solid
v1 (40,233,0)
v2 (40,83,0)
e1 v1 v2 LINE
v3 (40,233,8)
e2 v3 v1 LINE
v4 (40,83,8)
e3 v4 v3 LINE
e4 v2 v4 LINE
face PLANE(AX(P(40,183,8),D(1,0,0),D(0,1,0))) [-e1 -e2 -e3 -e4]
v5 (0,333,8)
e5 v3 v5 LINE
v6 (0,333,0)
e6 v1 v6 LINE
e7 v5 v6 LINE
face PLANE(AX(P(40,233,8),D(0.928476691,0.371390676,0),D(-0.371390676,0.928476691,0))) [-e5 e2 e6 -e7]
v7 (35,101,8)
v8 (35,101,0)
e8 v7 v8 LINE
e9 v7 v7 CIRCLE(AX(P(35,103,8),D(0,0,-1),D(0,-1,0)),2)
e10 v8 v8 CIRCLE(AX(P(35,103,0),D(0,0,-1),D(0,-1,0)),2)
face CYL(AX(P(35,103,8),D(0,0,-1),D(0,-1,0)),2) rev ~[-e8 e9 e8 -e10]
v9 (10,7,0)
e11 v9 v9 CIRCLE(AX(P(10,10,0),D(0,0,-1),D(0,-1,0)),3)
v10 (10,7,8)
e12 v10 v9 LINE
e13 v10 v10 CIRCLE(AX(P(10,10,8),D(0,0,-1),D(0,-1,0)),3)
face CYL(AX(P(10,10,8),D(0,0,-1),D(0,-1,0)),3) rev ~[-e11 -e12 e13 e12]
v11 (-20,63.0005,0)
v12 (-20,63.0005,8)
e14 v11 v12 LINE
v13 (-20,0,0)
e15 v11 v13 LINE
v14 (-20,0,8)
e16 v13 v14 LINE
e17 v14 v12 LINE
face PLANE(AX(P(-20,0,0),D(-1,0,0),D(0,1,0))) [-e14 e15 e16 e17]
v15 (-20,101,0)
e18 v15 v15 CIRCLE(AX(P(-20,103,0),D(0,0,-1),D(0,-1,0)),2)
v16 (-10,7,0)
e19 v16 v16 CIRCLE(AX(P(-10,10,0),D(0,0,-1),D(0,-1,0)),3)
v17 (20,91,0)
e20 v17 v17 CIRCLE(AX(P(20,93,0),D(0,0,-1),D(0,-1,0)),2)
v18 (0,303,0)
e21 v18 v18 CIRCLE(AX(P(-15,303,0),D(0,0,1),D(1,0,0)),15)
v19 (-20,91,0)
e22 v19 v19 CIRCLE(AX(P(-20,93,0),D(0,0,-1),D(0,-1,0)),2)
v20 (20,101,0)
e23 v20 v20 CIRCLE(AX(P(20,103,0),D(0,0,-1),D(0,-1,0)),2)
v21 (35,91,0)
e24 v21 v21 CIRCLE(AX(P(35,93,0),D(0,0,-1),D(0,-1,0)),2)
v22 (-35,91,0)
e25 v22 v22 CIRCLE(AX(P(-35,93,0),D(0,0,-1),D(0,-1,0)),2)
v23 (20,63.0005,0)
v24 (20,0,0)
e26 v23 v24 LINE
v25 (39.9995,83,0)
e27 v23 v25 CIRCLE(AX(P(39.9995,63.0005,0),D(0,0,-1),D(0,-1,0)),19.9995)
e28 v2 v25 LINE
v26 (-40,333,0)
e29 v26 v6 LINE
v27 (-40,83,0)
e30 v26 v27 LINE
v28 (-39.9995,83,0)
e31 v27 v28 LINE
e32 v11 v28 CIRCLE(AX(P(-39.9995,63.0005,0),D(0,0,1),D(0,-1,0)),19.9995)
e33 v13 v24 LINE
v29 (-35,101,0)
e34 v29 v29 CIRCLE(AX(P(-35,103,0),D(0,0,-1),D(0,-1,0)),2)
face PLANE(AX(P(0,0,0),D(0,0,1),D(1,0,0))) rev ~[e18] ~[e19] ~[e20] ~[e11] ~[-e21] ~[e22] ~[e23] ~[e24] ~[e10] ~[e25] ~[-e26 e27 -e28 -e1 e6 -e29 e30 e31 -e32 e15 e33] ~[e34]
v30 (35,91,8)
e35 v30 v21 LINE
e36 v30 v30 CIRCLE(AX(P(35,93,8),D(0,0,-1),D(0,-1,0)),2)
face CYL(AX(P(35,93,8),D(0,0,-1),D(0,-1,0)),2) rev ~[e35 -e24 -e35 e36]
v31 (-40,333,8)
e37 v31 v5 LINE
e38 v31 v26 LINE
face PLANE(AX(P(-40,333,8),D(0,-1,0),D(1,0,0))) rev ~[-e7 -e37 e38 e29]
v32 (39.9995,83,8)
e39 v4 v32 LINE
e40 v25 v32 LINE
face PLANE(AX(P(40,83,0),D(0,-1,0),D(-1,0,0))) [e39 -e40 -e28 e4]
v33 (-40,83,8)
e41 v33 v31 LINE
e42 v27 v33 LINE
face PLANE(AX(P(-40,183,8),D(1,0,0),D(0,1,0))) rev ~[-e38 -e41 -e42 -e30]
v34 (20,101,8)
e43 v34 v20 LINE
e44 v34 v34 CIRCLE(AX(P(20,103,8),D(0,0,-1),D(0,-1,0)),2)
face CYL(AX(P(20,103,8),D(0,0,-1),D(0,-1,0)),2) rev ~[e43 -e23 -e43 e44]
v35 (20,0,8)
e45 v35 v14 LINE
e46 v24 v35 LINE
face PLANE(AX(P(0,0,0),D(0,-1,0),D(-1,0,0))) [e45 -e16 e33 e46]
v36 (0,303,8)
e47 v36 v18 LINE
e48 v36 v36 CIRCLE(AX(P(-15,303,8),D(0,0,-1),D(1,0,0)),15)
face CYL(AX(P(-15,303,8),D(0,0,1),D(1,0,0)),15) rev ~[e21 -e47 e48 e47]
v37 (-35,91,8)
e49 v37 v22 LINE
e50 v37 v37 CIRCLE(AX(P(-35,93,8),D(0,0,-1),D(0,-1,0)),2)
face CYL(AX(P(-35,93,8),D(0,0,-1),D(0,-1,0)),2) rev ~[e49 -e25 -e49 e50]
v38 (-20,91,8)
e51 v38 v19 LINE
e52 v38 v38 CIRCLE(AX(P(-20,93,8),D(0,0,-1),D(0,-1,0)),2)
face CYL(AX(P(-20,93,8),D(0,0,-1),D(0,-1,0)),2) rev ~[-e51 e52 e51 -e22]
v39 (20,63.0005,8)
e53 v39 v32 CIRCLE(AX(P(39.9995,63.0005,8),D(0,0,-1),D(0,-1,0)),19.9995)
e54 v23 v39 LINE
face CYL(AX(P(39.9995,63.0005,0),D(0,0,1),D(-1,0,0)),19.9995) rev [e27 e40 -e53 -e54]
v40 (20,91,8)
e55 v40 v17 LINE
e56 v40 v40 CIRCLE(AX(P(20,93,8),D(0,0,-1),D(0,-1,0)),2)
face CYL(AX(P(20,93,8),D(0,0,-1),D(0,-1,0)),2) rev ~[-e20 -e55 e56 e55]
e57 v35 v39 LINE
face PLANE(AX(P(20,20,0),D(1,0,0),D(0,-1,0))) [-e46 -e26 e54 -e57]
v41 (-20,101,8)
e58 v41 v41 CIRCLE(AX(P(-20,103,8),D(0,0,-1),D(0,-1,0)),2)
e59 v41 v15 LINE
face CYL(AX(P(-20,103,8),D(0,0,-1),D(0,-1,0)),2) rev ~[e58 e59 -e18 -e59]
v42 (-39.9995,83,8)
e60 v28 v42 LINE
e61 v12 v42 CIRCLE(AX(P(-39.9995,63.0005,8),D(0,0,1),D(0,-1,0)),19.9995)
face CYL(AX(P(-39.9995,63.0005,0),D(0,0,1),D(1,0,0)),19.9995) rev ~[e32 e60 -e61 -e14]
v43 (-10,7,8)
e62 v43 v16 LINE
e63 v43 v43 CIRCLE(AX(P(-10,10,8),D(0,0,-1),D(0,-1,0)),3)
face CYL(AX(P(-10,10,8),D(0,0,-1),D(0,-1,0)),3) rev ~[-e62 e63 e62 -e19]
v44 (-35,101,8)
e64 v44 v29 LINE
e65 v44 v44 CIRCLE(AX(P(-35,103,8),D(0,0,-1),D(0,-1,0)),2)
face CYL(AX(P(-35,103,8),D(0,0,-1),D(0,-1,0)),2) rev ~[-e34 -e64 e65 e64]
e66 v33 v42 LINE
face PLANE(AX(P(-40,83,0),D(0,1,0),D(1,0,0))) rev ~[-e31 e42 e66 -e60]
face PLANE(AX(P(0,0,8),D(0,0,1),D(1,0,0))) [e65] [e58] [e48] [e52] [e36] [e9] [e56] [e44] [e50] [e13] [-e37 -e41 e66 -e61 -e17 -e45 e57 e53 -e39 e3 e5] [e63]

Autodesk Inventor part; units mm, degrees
ref_plane "YZ Plane" through (0, 0, 0) normal (1, 0, 0) x (0, 1, 0)
ref_plane "XZ Plane" through (0, 0, 0) normal (0, 1, 0) x (-1, 0, 0)
ref_plane "XY Plane" through (0, 0, 0) normal (0, 0, 1) x (1, 0, 0)
sketch "Szkic1" plane through (0, 0, 0) normal (0, 0, 1) x (1, 0, 0)
  line L0 (0, 0) -> (20, 0)
  line L1 (0, 0) -> (-20, 0)
  line L2 (-20, 0) -> (-20, 20)
  line L3 (-20, 0) -> (0, 0) construction
  line L4 (-20, 20) -> (20, 20)
  line L5 (20, 20) -> (20, 0)
  line L6 (-20, 0) -> (-20, 88)
  line L7 (-20, 88) -> (20, 88)
  line L8 (20, 88) -> (20, 20)
  line L9 (20, 88) -> (20, 93)
  line L10 (20, 93) -> (-20, 93)
  line L11 (-20, 93) -> (-20, 88)
  line L12 (0, 93) -> (35, 93)
  line L13 (35, 93) -> (40, 93)
  line L14 (0, 93) -> (-35, 93)
  line L15 (-35, 93) -> (-40, 93)
  line L16 (-40, 93) -> (-40, 103)
  line L17 (-40, 103) -> (40, 103)
  line L18 (40, 103) -> (40, 93)
  line L19 (-35, 93) -> (-35, 103)
  line L20 (35, 93) -> (35, 103)
  circle A0 centre (-35, 103) radius 1.5
  circle A1 centre (-35, 93) radius 1.5
  circle A2 centre (35, 103) radius 1.5
  circle A3 centre (35, 93) radius 1.5
  line L21 (40, 93) -> (40, 83)
  line L22 (40, 83) -> (20, 83)
  line L23 (-40, 93) -> (-40, 83)
  line L24 (-40, 83) -> (-20, 83)
  line L25 (-40, 103) -> (-40, 183)
  line L26 (40, 103) -> (40, 183)
  line L27 (40, 183) -> (-40, 183)
  dimension "d0" = 20
  dimension "d1" = 20
  dimension "d2" = 20
  dimension "d3" = 90
  dimension "d4" = 88
  dimension "d5" = 5
  dimension "d6" = 35
  dimension "d7" = 5
  dimension "d8" = 35
  dimension "d9" = 5
  dimension "d10" = 10
  dimension "d11" = 3
  dimension "d12" = 3
  dimension "d13" = 3
  dimension "d14" = 3
  dimension "d15" = 10
  dimension "d16" = 10
  dimension "d17" = 80
  dimension "d18" = 80
extrude "Wyciągnięcie proste1" add sketch "Szkic1" along normal blind 8
sketch "Szkic2" plane through (0, 0, 8) normal (0, 0, 1) x (1, 0, 0)
  circle A0 centre (-35, 103) radius 1.5 projected
  circle A1 centre (-35, 93) radius 1.5 projected
  circle A2 centre (35, 103) radius 1.5 projected
  circle A3 centre (35, 93) radius 1.5 projected
  line L0 (-35, 103) -> (35, 103)
  line L1 (-35, 93) -> (35, 93)
  line L2 (-35, 103) -> (-20, 103)
  line L3 (-20, 103) -> (-20, 93)
  line L4 (35, 103) -> (20, 103)
  line L5 (20, 103) -> (20, 93)
  circle A4 centre (-20, 103) radius 2
  circle A5 centre (-20, 93) radius 2
  circle A6 centre (20, 103) radius 2
  circle A7 centre (20, 93) radius 2
  line L6 (40, 83) -> (40, 183) projected
  line L7 (40, 183) -> (-40, 183) projected
  line L8 (-40, 183) -> (-40, 83) projected
  line L9 (-40, 83) -> (-20, 83) projected
  line L10 (-20, 83) -> (-20, 0) projected
  line L11 (-20, 0) -> (20, 0) projected
  line L12 (20, 0) -> (20, 83) projected
  line L13 (20, 83) -> (40, 83) projected
  line L14 (-20, 0) -> (20, 0) projected
  line L15 (-20, 0) -> (-20, 10)
  line L16 (-20, 83) -> (-20, 0) projected
  line L17 (-20, 10) -> (20, 10)
  line L18 (-20, 10) -> (-10, 10)
  line L19 (20, 10) -> (10, 10)
  circle A8 centre (-10, 10) radius 3
  circle A9 centre (10, 10) radius 3
  point P0 (0, 0)
  dimension "d21" = 15
  dimension "d22" = 15
  dimension "d23" = 4
  dimension "d24" = 4
  dimension "d25" = 4
  dimension "d26" = 4
  dimension "d27" = 10
  dimension "d28" = 10
  dimension "d29" = 10
  dimension "d30" = 6
  dimension "d31" = 6
hole "Otwór1" at (-20, 103, 8) at (-20, 93, 8) at (20, 103, 8) at (20, 93, 8) at (-35, 103, 8) at (-35, 93, 8) at (35, 103, 8) at (35, 93, 8) direction (0, 0, -1) diameter 4 end through all
sketch "Szkic3" plane through (0, 0, 8) normal (0, 0, 1) x (1, 0, 0)
  circle A0 centre (-10, 10) radius 3 projected
  circle A1 centre (10, 10) radius 3 projected
  point P0 (0, 0)
hole "Otwór2" at (-10, 10, 8) at (10, 10, 8) direction (0, 0, -1) diameter 6 end through all
fillet "Zaokrąglenie1" radius 20 2 edges at (20, 83, 4) (-20, 83, 4)
sketch "Szkic4" plane through (0, 0, 8) normal (0, 0, 1) x (1, 0, 0)
  line L0 (40, 183) -> (-40, 183) projected
  line L1 (40, 83) -> (40, 183) projected
  line L2 (40, 183) -> (-40, 183)
  line L3 (-40, 183) -> (-40, 333)
  line L4 (-40, 333) -> (0, 333)
  line L5 (40, 183) -> (40, 233)
  line L6 (40, 233) -> (0, 333)
  point P0 (0, 0)
  dimension "d47" = 150
  dimension "d50" = 50
extrude "Wyciągnięcie proste2" add sketch "Szkic4" against normal up to surface (8 mm away)
sketch "Szkic5" plane through (0, 0, 8) normal (0, 0, 1) x (1, 0, 0)
  line L0 (0, 333) -> (-40, 333) projected
  line L1 (-40, 333) -> (-40, 83) projected
  line L2 (-40, 333) -> (-40, 303)
  line L3 (-40, 303) -> (-15, 303)
  circle A0 centre (-15, 303) radius 15
  point P0 (0, 0)
  dimension "d51" = 30
  dimension "d52" = 25
  dimension "d53" = 30
extrude "Wyciągnięcie proste3" cut sketch "Szkic5" against normal up to next
properties part number "Wspornik pionowy osi Y"
